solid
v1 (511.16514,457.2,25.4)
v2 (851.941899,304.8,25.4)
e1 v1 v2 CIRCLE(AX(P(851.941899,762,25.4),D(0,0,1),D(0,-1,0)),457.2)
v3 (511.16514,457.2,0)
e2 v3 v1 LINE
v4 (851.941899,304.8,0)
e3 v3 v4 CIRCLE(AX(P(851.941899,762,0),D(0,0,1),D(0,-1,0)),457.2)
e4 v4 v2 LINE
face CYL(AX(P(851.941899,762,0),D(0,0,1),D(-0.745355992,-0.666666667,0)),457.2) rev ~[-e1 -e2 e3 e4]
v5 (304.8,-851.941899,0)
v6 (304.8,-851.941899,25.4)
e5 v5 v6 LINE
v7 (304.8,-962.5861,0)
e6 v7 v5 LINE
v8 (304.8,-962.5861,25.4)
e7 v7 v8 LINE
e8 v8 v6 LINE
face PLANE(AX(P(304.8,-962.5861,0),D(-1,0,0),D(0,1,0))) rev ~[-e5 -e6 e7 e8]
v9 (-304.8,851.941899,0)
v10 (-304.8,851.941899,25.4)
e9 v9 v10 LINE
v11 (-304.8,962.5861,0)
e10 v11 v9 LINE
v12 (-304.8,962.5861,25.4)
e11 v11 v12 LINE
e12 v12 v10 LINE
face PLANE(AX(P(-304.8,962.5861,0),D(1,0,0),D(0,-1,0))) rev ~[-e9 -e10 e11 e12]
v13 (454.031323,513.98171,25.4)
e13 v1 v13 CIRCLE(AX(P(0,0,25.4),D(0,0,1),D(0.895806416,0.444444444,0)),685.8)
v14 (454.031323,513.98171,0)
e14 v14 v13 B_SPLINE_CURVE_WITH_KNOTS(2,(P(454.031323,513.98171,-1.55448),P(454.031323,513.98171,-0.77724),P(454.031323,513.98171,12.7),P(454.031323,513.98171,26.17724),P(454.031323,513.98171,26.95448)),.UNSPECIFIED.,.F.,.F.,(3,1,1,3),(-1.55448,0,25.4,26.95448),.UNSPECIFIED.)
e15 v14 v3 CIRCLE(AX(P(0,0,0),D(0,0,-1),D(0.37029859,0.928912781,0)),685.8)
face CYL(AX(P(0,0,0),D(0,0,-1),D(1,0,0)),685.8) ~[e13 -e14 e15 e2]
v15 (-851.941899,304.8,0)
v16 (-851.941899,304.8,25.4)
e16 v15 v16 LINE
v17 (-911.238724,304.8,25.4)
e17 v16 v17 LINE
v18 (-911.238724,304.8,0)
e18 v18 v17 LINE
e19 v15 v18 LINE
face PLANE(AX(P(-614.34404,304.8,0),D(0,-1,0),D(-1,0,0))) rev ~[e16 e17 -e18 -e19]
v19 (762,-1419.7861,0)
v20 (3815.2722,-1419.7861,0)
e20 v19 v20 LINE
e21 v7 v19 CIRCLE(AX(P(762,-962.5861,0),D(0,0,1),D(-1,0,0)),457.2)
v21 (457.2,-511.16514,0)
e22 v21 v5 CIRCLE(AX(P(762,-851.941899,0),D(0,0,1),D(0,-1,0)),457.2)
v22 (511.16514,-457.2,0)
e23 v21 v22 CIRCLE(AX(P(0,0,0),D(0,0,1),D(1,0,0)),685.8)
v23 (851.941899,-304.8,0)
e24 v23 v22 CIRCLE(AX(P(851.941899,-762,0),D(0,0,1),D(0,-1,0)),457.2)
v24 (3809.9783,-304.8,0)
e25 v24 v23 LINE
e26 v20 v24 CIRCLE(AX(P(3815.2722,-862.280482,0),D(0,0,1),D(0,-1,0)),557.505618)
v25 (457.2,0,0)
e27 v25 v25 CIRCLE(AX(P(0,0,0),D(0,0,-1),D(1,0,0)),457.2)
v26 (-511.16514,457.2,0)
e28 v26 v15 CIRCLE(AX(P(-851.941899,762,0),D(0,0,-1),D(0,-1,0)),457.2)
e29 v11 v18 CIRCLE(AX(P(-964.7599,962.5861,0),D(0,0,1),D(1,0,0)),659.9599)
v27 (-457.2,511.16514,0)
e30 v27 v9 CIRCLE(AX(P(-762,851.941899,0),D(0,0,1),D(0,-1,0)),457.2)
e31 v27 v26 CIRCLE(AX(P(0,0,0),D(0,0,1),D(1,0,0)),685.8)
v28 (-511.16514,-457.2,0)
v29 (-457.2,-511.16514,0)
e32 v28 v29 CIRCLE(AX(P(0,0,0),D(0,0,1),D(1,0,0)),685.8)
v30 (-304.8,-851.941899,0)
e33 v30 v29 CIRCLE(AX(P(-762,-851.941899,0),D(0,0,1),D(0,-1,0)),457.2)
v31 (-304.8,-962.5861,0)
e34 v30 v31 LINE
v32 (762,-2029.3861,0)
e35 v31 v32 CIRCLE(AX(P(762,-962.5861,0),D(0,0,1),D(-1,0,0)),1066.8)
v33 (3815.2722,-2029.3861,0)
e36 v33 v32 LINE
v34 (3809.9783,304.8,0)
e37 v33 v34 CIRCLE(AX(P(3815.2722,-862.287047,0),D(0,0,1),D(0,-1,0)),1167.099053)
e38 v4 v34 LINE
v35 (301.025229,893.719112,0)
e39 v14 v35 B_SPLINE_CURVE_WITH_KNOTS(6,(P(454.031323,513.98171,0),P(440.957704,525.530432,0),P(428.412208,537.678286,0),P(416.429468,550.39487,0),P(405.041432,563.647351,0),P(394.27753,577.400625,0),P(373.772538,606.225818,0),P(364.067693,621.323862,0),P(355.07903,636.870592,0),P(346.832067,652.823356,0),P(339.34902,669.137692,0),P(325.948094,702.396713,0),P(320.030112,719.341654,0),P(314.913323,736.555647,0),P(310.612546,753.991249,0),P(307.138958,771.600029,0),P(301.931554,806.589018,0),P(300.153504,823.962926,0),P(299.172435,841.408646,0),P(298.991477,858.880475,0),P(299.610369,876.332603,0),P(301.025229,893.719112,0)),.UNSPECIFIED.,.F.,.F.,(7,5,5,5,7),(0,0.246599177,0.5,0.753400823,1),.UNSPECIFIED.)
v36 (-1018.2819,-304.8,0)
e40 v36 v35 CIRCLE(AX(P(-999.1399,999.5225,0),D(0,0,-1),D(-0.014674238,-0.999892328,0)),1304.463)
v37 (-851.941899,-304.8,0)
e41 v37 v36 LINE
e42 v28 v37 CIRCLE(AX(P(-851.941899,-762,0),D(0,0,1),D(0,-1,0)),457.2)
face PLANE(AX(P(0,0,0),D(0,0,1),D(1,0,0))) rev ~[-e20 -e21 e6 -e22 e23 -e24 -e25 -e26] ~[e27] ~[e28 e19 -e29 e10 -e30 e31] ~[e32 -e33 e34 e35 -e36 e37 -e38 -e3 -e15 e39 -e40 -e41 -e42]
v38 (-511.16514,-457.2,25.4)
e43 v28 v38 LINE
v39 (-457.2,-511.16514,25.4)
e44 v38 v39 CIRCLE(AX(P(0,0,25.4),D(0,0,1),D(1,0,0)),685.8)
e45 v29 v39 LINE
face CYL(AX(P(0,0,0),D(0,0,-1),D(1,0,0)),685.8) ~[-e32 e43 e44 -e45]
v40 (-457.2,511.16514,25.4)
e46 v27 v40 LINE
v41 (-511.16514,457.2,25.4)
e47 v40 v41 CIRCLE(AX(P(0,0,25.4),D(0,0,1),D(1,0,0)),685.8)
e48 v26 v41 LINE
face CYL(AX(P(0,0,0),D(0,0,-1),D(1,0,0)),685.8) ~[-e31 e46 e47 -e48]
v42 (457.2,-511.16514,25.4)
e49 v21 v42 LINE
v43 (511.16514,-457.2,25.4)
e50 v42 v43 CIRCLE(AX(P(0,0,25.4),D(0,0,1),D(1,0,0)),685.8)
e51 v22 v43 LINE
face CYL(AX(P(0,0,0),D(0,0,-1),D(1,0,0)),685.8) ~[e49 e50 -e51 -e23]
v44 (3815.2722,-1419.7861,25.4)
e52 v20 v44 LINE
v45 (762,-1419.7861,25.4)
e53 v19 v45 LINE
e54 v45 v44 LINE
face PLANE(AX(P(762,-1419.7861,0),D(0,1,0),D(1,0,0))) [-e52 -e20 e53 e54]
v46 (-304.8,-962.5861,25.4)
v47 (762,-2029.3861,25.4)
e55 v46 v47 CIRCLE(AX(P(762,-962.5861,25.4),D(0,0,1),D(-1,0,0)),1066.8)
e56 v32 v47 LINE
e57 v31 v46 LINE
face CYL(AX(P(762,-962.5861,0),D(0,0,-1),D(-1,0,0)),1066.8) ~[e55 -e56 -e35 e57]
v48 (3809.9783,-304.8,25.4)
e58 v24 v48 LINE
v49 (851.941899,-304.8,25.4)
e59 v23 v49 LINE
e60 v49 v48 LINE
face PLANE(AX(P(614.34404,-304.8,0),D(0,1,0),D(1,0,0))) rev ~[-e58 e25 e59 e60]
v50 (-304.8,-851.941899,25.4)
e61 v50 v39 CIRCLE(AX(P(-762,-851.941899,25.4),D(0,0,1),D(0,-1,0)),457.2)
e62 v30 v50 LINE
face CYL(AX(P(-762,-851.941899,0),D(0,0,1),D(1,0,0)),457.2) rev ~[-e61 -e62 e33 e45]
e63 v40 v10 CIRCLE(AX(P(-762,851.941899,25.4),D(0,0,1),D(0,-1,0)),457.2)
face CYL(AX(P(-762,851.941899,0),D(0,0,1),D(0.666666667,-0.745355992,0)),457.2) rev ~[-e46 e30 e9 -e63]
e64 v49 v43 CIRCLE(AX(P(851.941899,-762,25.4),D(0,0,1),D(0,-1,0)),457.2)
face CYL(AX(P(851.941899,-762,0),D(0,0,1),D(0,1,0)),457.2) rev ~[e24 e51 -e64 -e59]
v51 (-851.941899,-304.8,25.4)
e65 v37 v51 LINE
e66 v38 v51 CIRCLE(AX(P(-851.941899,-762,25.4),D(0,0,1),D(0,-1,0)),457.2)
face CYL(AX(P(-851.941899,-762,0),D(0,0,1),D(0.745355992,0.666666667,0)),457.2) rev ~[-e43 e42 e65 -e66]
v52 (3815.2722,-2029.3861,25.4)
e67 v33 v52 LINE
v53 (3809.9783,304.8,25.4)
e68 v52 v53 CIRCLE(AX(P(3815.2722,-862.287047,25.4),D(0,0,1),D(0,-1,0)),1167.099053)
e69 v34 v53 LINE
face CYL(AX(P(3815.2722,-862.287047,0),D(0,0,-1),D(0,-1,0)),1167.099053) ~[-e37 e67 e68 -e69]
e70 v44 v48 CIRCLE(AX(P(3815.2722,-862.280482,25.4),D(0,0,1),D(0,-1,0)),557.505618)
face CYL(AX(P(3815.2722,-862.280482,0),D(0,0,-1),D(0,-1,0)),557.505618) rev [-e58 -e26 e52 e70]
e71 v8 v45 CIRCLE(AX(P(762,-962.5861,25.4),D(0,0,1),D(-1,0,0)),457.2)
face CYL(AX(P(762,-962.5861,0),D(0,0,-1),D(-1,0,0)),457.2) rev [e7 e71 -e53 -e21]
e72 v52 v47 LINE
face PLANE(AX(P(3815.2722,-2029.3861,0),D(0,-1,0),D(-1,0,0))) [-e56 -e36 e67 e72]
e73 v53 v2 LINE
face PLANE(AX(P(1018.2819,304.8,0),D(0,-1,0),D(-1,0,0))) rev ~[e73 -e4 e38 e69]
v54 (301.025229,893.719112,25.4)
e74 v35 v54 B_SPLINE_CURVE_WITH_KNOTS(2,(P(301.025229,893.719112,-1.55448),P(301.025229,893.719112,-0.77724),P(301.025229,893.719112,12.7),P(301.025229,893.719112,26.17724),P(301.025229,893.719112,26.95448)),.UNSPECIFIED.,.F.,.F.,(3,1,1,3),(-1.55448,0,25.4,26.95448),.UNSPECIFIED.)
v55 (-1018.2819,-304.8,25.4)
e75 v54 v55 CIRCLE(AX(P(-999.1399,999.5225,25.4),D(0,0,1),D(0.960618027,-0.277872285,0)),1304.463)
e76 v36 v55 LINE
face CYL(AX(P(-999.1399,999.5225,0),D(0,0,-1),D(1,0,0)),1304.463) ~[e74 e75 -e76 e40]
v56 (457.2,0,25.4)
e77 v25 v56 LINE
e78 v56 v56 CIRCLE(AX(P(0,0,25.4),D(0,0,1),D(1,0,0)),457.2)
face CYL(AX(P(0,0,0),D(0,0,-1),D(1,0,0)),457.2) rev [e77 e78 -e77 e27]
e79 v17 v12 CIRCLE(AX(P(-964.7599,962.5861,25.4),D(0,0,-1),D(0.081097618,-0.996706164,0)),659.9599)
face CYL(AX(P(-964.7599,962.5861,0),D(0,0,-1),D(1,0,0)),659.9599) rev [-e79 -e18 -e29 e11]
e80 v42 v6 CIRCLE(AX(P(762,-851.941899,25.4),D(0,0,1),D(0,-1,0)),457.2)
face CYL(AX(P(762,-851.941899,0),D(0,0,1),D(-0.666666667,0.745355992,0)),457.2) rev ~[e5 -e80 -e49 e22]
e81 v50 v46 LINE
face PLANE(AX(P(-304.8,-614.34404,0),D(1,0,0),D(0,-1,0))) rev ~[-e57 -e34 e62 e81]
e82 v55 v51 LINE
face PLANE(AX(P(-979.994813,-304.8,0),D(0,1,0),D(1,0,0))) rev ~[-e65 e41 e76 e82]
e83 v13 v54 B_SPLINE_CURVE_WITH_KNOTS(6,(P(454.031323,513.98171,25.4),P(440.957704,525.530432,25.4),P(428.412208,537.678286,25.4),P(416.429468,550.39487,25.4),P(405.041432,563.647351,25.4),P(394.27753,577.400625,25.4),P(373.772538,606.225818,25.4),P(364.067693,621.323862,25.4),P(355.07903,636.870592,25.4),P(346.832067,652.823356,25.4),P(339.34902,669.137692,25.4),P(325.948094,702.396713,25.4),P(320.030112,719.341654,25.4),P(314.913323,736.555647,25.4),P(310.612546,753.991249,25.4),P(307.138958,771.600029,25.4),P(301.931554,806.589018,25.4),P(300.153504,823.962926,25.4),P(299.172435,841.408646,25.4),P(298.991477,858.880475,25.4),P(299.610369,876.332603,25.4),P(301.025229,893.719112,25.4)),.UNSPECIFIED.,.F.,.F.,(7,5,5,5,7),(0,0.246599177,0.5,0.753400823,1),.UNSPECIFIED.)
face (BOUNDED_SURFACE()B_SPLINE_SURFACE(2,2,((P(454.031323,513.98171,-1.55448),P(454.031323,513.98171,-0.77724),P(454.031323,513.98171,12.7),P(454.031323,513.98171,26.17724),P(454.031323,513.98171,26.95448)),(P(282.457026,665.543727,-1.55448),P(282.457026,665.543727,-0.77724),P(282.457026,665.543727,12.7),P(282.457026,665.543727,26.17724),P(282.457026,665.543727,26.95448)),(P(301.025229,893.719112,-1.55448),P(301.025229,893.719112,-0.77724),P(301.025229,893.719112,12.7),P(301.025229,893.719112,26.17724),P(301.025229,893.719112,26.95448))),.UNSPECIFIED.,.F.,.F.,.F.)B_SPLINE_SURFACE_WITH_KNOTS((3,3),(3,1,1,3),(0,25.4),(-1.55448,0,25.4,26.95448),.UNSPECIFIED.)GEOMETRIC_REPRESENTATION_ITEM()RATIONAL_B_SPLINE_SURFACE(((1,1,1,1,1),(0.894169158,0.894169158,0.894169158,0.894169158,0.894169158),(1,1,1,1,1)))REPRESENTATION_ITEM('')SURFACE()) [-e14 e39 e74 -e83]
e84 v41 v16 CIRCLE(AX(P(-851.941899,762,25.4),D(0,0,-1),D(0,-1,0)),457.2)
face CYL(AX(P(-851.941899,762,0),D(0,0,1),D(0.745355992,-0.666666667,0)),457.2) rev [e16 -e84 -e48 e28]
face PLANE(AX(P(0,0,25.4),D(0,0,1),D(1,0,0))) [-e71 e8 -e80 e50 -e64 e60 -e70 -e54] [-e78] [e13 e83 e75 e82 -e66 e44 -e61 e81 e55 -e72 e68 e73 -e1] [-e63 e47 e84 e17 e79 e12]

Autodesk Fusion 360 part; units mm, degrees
sketch "Sketch1" plane through (0, 0, 0) normal (0, 0, 1) x (1, 0, 0)
sketch "Sketch2" plane through (0, 0, 0) normal (0, 0, 1) x (1, 0, 0)
  circle A0 centre (0, 0) radius 457.2
  circle A1 centre (0, 0) radius 685.8
  line L0 (1018.2819, 304.8) -> (-1018.2819, 304.8)
  line L1 (-1018.2819, 304.8) -> (-1018.2819, -304.8)
  line L2 (-1018.2819, -304.8) -> (1018.2819, -304.8)
  line L3 (1018.2819, -304.8) -> (1018.2819, 304.8)
  line L4 (1018.2819, 304.8) -> (-1018.2819, -304.8) construction
  line L5 (-1018.2819, 304.8) -> (1018.2819, -304.8) construction
  line L6 (304.8, 962.5861) -> (-304.8, 962.5861)
  line L7 (-304.8, 962.5861) -> (-304.8, -962.5861)
  line L8 (-304.8, -962.5861) -> (304.8, -962.5861)
  line L9 (304.8, -962.5861) -> (304.8, 962.5861)
  line L10 (304.8, 962.5861) -> (-304.8, -962.5861) construction
  line L11 (-304.8, 962.5861) -> (304.8, -962.5861) construction
  line L12 (1018.2819, 304.8) -> (3809.9783, 304.8)
  line L13 (3809.9783, 304.8) -> (3809.9783, -304.8)
  line L14 (3809.9783, -304.8) -> (1018.2819, -304.8)
  line L15 (1018.2819, -304.8) -> (1018.2819, 304.8)
  line L16 (304.8, -962.5861) -> (762, -962.5861)
  line L17 (762, -962.5861) -> (762, -1419.7861)
  line L18 (762, -1419.7861) -> (3815.2722, -1419.7861)
  line L19 (3815.2722, -1419.7861) -> (3815.2722, -2029.3861)
  line L20 (3815.2722, -2029.3861) -> (762, -2029.3861)
  line L21 (762, -2029.3861) -> (762, -1419.7861)
  arc A2 (304.8, -962.5861) -> (762, -1419.7861) centre (762, -962.5861) ccw
  arc A3 (-304.8, -962.5861) -> (762, -2029.3861) centre (762, -962.5861) ccw
  arc A4 (3815.2722, -1419.7861) -> (3809.9783, -304.8) centre (3815.2722, -862.2805) ccw
  arc A5 (3815.2722, -2029.3861) -> (3809.9783, 304.8) centre (3815.2722, -862.287) ccw
  circle A6 centre (-999.1399, 999.5225) radius 1304.463
  circle A7 centre (-964.7599, 962.5861) radius 659.9599
  dimension "d1" = 914.4
  dimension "d2" = 1371.6
  dimension "d3" = 609.6
  dimension "d4" = 609.6
  dimension "d5" = 457.2
  dimension "d6" = 457.2
  dimension "d7" = 609.6
extrude "Extrude1" add sketch "Sketch2" along normal blind 25.4 contours A0 A1 L0 L2 | A0 A1 L0 L9 | A0 A1 L2 L9 | A0 A1 L9 A6 | A1 L0 L2 L3 L15 | A0 A1 L7 L9 | A0 A1 L7 A6 | L3 L12 L13 L14 L15 | A0 A1 L2 L7 | A1 L7 L8 L9 | A0 A1 L0 L7 | A1 L6 L7 A6 | L1 L6 A6 A7 | L13 L19 A4 A5 | A0 A1 L2 A6 | L8 L21 A2 A3 | A0 A1 L0 A6 | L18 L19 L20 L21 | A1 L2 A6 | A1 L0 L1 L2 A6 A7
fillet "Fillet1" radius 457.2 8 edges at (614.344, -304.8, 12.7) (304.8, -614.344, 12.7) (-304.8, -614.344, 12.7) (-614.344, -304.8, 12.7) (-614.344, 304.8, 12.7) (-304.8, 614.344, 12.7) (253.9507, 637.0484, 12.7) (614.344, 304.8, 12.7)
